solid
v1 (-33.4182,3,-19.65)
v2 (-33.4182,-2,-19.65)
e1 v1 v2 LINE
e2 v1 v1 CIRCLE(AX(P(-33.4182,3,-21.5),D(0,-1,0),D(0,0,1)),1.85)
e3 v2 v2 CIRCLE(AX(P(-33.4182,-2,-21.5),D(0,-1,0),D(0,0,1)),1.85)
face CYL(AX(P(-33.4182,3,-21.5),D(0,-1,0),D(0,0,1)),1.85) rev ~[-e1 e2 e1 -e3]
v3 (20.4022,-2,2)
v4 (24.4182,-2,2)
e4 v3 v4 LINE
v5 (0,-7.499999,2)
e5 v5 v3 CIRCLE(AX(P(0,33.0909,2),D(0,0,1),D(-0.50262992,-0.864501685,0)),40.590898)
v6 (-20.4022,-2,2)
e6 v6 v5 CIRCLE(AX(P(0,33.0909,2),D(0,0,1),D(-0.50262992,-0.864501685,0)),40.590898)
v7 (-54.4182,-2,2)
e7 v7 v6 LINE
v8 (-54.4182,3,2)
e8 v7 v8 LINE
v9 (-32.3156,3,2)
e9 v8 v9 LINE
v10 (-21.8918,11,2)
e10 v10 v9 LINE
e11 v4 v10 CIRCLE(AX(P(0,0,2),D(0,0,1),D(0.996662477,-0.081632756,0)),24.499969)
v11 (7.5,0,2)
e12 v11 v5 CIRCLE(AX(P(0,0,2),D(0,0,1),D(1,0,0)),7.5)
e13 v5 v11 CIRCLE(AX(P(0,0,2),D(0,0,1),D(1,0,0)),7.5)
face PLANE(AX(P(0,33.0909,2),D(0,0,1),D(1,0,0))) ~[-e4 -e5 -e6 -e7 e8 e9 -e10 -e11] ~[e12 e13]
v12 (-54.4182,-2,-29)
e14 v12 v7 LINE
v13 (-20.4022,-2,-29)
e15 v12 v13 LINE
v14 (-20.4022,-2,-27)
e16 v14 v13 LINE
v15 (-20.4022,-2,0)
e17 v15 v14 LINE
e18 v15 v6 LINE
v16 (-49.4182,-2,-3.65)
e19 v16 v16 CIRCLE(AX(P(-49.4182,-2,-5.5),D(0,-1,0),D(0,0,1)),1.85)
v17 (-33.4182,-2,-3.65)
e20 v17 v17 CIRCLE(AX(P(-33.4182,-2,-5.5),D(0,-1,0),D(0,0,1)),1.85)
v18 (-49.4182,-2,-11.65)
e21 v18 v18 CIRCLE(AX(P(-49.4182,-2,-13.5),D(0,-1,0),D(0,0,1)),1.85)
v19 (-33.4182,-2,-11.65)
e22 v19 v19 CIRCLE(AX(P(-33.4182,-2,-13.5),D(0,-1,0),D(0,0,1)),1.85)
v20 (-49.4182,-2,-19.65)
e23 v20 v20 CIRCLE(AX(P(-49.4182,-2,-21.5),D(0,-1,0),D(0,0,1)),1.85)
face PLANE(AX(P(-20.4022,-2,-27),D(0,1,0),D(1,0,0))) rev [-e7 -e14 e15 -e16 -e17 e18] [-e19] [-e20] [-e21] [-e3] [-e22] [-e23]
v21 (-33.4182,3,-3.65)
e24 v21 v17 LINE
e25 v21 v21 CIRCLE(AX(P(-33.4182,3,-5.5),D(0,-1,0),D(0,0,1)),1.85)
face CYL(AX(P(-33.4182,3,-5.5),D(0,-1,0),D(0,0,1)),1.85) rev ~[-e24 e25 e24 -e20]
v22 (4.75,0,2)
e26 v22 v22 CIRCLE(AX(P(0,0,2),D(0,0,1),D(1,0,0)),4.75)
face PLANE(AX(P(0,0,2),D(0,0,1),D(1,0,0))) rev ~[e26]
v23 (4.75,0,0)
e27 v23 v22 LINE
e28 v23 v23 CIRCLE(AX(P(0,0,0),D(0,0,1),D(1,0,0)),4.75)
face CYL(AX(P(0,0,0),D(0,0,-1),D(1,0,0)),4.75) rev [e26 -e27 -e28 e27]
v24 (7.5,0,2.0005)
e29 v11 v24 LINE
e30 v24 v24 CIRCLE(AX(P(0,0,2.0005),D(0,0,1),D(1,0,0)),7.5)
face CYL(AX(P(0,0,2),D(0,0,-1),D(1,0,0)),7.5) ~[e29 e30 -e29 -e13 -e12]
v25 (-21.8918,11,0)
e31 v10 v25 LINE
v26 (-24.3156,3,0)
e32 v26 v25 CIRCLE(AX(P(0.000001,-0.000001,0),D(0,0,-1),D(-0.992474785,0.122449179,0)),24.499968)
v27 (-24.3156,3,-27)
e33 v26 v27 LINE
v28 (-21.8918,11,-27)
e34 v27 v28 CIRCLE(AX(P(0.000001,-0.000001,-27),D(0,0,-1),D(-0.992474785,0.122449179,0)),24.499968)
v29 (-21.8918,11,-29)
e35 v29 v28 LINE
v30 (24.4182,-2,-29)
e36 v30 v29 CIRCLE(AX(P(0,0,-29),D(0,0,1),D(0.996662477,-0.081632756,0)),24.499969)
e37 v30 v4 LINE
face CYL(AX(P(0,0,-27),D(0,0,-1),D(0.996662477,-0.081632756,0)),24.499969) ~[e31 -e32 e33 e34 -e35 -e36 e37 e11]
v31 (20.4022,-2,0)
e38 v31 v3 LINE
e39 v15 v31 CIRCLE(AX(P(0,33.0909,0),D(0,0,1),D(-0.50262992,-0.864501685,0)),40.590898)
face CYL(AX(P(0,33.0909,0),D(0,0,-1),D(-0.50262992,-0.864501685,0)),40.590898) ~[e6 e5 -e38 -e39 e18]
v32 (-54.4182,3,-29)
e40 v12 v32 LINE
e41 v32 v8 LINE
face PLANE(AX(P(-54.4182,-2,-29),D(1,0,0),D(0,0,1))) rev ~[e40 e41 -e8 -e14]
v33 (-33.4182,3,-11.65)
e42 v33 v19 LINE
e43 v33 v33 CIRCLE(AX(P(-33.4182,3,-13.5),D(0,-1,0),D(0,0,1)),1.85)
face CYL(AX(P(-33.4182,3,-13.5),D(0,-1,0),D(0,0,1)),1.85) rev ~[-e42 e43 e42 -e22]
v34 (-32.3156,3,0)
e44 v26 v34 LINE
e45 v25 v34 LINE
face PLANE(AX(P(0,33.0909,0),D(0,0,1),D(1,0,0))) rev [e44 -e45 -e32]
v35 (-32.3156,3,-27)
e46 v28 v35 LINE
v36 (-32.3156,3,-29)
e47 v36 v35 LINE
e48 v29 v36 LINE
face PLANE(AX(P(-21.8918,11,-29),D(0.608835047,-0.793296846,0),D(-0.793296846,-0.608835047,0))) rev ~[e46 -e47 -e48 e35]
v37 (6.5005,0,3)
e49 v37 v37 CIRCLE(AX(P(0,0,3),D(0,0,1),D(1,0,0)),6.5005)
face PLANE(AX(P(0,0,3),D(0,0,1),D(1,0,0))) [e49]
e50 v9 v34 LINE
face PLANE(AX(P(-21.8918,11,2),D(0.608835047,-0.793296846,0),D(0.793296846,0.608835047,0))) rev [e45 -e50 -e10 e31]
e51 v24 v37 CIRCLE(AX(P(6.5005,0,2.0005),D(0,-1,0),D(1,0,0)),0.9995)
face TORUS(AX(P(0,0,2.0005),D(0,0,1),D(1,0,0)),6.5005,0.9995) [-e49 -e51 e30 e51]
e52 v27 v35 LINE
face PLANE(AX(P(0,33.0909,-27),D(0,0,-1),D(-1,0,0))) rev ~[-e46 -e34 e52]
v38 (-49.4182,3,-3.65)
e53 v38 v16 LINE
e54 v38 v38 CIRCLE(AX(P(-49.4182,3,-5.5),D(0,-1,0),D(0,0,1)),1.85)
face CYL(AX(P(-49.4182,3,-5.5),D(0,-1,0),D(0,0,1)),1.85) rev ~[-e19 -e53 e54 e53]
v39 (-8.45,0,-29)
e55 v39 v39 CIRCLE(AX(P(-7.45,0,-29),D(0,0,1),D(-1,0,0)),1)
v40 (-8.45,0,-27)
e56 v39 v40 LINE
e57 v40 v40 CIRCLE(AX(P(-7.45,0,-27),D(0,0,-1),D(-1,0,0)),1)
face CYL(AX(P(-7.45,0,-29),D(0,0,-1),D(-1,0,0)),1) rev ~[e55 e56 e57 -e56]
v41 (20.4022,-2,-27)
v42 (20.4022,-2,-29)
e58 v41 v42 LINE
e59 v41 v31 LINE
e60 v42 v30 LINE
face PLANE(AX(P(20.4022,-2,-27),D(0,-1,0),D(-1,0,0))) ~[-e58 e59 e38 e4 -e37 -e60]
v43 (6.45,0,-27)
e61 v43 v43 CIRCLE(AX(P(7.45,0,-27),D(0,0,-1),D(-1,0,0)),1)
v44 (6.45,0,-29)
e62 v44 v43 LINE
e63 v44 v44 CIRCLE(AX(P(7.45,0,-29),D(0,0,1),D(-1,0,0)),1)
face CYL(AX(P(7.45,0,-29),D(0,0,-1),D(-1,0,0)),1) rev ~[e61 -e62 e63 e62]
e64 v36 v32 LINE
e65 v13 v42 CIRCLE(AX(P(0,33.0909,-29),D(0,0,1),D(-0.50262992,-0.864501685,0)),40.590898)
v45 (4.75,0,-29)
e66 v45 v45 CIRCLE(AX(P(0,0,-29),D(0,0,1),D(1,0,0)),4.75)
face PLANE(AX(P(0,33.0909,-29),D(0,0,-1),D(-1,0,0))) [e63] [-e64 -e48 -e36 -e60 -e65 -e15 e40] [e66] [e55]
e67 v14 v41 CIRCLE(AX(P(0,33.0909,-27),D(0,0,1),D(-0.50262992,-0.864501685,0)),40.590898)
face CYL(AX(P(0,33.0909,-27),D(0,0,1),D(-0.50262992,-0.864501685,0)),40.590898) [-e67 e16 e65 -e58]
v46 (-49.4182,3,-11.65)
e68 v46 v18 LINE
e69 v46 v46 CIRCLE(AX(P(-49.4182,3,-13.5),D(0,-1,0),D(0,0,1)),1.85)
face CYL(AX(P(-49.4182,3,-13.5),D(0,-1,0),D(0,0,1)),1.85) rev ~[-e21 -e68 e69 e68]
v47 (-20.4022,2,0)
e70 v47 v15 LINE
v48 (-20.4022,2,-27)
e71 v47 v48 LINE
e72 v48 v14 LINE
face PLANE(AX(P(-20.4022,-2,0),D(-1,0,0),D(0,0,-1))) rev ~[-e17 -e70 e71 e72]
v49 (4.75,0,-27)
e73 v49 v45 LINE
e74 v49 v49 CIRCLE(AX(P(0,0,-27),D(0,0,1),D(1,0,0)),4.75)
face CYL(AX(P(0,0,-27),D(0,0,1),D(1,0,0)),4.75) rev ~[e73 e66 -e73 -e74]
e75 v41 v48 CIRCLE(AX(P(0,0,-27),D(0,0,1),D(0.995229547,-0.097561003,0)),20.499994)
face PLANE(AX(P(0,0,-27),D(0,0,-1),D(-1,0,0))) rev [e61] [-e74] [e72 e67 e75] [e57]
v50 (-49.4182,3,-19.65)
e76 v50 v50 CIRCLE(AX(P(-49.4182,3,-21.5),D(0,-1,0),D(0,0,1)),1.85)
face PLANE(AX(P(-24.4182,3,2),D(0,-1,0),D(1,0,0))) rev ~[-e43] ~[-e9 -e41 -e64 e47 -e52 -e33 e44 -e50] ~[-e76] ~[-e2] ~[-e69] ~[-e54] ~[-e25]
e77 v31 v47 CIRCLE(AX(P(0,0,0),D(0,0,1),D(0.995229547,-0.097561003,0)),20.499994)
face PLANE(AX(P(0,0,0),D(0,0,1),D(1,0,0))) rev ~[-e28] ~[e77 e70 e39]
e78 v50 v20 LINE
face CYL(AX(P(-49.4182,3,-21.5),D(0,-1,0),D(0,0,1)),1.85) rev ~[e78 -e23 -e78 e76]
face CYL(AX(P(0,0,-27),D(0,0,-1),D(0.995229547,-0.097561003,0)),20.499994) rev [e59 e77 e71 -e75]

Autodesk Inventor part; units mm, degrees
ref_plane "YZ Plane" through (0, 0, 0) normal (1, 0, 0) x (0, 1, 0)
ref_plane "XZ Plane" through (0, 0, 0) normal (0, 1, 0) x (-1, 0, 0)
sketch "Sketch1" plane through (0, 0, 0) normal (0, 0, 1) x (1, 0, 0)
  circle A0 centre (0, 0) radius 4.75
  circle A1 centre (0, 0) radius 17.5 construction
  arc A2 (20.4022, -2) -> (-20.4022, -2) centre (0, 0) ccw
  arc A3 (-20.4022, -2) -> (20.4022, -2) centre (0, 33.0909) ccw
  arc A4 (-20.4022, -2) -> (20.4022, -2) centre (0, 0) ccw construction
  arc A5 (24.4182, -2) -> (-24.4182, -2) centre (0, 0) ccw
  line L0 (-20.4022, -2) -> (-24.4182, -2)
  line L1 (20.4022, -2) -> (24.4182, -2)
  arc A6 (-24.4182, -2) -> (24.4182, -2) centre (0, 0) ccw construction
  dimension "d0" = 9.5
  dimension "d1" = 35
  dimension "d2" = 41
  dimension "d3" = 10
  dimension "d4" = 2
  dimension "d5" = 49
extrude "Extrusion1" add sketch "Sketch1" along normal blind 2
extrude "Extrusion2" add sketch "Sketch1" against normal blind 13.5 contours A2 L0 A5 L1
mirror "Mirror1" about plane through (0, 12.5652, -13.5) normal (0, 0, -1) of "Extrusion1", "Extrusion2"
sketch "Sketch2" plane through (0, 0, -29) normal (0, 0, -1) x (-1, 0, 0)
  circle A0 centre (0, 0) radius 7.45
  circle A1 centre (7.45, 0) radius 1
  circle A2 centre (-7.45, 0) radius 1
  point P0 (0, 7.45)
  dimension "d10" = 14.9
  dimension "d11" = 2
  dimension "d14" = 360
  dimension "d16" = 90
extrude "Extrusion3" cut sketch "Sketch2" against normal up to surface (2 mm away) contours A0 A1 | A0 A1 | A2 A0 | A0 A2
sketch "Sketch3" plane through (0, 0, 2) normal (0, 0, 1) x (1, 0, 0)
  circle A0 centre (0, 0) radius 7.5
  dimension "d19" = 15
extrude "Extrusion4" add sketch "Sketch3" along normal blind 1
fillet "Fillet1" radius 1 1 edges at (-7.5, 0, 3)
sketch "Sketch7" plane through (-24.4182, -2, 2) normal (0, -1, 0) x (1, 0, 0)
  line L0 (4.016, -2) -> (4.016, 0) projected
  line L1 (0, 0) -> (4.016, 0) projected
  line L2 (0, -31) -> (0, 0) projected
  line L3 (0, -31) -> (4.016, -31) projected
  line L4 (4.016, -29) -> (4.016, -31) projected
  line L5 (4.016, -2) -> (4.016, -29) projected
  line L6 (44.8204, -31) -> (4.016, -31) projected
  line L7 (4.016, -31) -> (-30, -31)
  line L8 (-30, -31) -> (-30, 0)
  line L9 (-30, 0) -> (4.016, 0)
  line L10 (4.016, 0) -> (4.016, -31)
  point P0 (24.4182, -2)
  dimension "d36" = 30
extrude "Extrusion8" add sketch "Sketch7" against normal blind 5
sketch "Sketch8" plane through (0, 33.0909, -29) normal (0, 0, -1) x (-1, 0, 0)
  arc A0 (24.3156, -30.0909) -> (-24.4182, -35.0909) centre (0, -33.0909) ccw projected
  line L0 (-20.4022, -35.0909) -> (-24.4182, -35.0909) projected
  arc A1 (-20.4022, -35.0909) -> (20.4022, -35.0909) centre (0, 0) ccw projected
  line L1 (54.4182, -35.0909) -> (20.4022, -35.0909) projected
  line L2 (54.4182, -35.0909) -> (54.4182, -30.0909) projected
  line L3 (24.3156, -30.0909) -> (54.4182, -30.0909) projected
  circle A2 centre (-7.45, -33.0909) radius 1 projected
  circle A3 centre (7.45, -33.0909) radius 1 projected
  circle A4 centre (0, -33.0909) radius 4.75 projected
  arc A5 (24.3156, -30.0909) -> (-24.4182, -35.0909) centre (0, -33.0909) ccw projected
  line L4 (21.8918, -22.0909) -> (32.3156, -30.0909)
  line L5 (54.4182, -30.0909) -> (24.3156, -30.0909) projected
  dimension "d39" = 8
  dimension "d40" = 8
extrude "Extrusion9" add sketch "Sketch8" against normal blind 2 contours A0 L4 L3
ref_plane "Work Plane2" through (0, 0, -13.5) normal (0, 0, 1) x (1, 0, 0)
mirror "Mirror4" about plane through (0, 0, -13.5) normal (0, 0, 1) of "Extrusion9"
sketch "Sketch9" plane through (-24.4182, 3, 2) normal (0, 1, 0) x (1, 0, 0)
  line L0 (-7.8974, 0) -> (-7.8974, 2) projected
  line L1 (-7.8974, 2) -> (0.1026, 2) projected
  line L2 (0.1026, 29) -> (0.1026, 2) projected
  line L3 (0.1026, 29) -> (-7.8974, 29) projected
  line L4 (-7.8974, 29) -> (-7.8974, 31) projected
  line L5 (-7.8974, 31) -> (-30, 31) projected
  line L6 (-30, 31) -> (-30, 0) projected
  line L7 (-30, 0) -> (-7.8974, 0) projected
  point P0 (24.4182, 2)
  point P1 (-25, 7.5)
  point P2 (-25, 15.5)
  point P3 (-25, 23.5)
  point P4 (-9, 7.5)
  point P5 (-9, 15.5)
  point P6 (-9, 23.5)
  dimension "d45" = 8
  dimension "d48" = 16
  dimension "d51" = 31
  dimension "d52" = 7.5
  dimension "d53" = 5
hole "Hole1" at (-49.4182, 3, -5.5) at (-49.4182, 3, -13.5) at (-49.4182, 3, -21.5) at (-33.4182, 3, -5.5) at (-33.4182, 3, -13.5) at (-33.4182, 3, -21.5) direction (0, -1, 0) diameter 3.7 end through all
properties part number "Omni Encoder-trackers"
